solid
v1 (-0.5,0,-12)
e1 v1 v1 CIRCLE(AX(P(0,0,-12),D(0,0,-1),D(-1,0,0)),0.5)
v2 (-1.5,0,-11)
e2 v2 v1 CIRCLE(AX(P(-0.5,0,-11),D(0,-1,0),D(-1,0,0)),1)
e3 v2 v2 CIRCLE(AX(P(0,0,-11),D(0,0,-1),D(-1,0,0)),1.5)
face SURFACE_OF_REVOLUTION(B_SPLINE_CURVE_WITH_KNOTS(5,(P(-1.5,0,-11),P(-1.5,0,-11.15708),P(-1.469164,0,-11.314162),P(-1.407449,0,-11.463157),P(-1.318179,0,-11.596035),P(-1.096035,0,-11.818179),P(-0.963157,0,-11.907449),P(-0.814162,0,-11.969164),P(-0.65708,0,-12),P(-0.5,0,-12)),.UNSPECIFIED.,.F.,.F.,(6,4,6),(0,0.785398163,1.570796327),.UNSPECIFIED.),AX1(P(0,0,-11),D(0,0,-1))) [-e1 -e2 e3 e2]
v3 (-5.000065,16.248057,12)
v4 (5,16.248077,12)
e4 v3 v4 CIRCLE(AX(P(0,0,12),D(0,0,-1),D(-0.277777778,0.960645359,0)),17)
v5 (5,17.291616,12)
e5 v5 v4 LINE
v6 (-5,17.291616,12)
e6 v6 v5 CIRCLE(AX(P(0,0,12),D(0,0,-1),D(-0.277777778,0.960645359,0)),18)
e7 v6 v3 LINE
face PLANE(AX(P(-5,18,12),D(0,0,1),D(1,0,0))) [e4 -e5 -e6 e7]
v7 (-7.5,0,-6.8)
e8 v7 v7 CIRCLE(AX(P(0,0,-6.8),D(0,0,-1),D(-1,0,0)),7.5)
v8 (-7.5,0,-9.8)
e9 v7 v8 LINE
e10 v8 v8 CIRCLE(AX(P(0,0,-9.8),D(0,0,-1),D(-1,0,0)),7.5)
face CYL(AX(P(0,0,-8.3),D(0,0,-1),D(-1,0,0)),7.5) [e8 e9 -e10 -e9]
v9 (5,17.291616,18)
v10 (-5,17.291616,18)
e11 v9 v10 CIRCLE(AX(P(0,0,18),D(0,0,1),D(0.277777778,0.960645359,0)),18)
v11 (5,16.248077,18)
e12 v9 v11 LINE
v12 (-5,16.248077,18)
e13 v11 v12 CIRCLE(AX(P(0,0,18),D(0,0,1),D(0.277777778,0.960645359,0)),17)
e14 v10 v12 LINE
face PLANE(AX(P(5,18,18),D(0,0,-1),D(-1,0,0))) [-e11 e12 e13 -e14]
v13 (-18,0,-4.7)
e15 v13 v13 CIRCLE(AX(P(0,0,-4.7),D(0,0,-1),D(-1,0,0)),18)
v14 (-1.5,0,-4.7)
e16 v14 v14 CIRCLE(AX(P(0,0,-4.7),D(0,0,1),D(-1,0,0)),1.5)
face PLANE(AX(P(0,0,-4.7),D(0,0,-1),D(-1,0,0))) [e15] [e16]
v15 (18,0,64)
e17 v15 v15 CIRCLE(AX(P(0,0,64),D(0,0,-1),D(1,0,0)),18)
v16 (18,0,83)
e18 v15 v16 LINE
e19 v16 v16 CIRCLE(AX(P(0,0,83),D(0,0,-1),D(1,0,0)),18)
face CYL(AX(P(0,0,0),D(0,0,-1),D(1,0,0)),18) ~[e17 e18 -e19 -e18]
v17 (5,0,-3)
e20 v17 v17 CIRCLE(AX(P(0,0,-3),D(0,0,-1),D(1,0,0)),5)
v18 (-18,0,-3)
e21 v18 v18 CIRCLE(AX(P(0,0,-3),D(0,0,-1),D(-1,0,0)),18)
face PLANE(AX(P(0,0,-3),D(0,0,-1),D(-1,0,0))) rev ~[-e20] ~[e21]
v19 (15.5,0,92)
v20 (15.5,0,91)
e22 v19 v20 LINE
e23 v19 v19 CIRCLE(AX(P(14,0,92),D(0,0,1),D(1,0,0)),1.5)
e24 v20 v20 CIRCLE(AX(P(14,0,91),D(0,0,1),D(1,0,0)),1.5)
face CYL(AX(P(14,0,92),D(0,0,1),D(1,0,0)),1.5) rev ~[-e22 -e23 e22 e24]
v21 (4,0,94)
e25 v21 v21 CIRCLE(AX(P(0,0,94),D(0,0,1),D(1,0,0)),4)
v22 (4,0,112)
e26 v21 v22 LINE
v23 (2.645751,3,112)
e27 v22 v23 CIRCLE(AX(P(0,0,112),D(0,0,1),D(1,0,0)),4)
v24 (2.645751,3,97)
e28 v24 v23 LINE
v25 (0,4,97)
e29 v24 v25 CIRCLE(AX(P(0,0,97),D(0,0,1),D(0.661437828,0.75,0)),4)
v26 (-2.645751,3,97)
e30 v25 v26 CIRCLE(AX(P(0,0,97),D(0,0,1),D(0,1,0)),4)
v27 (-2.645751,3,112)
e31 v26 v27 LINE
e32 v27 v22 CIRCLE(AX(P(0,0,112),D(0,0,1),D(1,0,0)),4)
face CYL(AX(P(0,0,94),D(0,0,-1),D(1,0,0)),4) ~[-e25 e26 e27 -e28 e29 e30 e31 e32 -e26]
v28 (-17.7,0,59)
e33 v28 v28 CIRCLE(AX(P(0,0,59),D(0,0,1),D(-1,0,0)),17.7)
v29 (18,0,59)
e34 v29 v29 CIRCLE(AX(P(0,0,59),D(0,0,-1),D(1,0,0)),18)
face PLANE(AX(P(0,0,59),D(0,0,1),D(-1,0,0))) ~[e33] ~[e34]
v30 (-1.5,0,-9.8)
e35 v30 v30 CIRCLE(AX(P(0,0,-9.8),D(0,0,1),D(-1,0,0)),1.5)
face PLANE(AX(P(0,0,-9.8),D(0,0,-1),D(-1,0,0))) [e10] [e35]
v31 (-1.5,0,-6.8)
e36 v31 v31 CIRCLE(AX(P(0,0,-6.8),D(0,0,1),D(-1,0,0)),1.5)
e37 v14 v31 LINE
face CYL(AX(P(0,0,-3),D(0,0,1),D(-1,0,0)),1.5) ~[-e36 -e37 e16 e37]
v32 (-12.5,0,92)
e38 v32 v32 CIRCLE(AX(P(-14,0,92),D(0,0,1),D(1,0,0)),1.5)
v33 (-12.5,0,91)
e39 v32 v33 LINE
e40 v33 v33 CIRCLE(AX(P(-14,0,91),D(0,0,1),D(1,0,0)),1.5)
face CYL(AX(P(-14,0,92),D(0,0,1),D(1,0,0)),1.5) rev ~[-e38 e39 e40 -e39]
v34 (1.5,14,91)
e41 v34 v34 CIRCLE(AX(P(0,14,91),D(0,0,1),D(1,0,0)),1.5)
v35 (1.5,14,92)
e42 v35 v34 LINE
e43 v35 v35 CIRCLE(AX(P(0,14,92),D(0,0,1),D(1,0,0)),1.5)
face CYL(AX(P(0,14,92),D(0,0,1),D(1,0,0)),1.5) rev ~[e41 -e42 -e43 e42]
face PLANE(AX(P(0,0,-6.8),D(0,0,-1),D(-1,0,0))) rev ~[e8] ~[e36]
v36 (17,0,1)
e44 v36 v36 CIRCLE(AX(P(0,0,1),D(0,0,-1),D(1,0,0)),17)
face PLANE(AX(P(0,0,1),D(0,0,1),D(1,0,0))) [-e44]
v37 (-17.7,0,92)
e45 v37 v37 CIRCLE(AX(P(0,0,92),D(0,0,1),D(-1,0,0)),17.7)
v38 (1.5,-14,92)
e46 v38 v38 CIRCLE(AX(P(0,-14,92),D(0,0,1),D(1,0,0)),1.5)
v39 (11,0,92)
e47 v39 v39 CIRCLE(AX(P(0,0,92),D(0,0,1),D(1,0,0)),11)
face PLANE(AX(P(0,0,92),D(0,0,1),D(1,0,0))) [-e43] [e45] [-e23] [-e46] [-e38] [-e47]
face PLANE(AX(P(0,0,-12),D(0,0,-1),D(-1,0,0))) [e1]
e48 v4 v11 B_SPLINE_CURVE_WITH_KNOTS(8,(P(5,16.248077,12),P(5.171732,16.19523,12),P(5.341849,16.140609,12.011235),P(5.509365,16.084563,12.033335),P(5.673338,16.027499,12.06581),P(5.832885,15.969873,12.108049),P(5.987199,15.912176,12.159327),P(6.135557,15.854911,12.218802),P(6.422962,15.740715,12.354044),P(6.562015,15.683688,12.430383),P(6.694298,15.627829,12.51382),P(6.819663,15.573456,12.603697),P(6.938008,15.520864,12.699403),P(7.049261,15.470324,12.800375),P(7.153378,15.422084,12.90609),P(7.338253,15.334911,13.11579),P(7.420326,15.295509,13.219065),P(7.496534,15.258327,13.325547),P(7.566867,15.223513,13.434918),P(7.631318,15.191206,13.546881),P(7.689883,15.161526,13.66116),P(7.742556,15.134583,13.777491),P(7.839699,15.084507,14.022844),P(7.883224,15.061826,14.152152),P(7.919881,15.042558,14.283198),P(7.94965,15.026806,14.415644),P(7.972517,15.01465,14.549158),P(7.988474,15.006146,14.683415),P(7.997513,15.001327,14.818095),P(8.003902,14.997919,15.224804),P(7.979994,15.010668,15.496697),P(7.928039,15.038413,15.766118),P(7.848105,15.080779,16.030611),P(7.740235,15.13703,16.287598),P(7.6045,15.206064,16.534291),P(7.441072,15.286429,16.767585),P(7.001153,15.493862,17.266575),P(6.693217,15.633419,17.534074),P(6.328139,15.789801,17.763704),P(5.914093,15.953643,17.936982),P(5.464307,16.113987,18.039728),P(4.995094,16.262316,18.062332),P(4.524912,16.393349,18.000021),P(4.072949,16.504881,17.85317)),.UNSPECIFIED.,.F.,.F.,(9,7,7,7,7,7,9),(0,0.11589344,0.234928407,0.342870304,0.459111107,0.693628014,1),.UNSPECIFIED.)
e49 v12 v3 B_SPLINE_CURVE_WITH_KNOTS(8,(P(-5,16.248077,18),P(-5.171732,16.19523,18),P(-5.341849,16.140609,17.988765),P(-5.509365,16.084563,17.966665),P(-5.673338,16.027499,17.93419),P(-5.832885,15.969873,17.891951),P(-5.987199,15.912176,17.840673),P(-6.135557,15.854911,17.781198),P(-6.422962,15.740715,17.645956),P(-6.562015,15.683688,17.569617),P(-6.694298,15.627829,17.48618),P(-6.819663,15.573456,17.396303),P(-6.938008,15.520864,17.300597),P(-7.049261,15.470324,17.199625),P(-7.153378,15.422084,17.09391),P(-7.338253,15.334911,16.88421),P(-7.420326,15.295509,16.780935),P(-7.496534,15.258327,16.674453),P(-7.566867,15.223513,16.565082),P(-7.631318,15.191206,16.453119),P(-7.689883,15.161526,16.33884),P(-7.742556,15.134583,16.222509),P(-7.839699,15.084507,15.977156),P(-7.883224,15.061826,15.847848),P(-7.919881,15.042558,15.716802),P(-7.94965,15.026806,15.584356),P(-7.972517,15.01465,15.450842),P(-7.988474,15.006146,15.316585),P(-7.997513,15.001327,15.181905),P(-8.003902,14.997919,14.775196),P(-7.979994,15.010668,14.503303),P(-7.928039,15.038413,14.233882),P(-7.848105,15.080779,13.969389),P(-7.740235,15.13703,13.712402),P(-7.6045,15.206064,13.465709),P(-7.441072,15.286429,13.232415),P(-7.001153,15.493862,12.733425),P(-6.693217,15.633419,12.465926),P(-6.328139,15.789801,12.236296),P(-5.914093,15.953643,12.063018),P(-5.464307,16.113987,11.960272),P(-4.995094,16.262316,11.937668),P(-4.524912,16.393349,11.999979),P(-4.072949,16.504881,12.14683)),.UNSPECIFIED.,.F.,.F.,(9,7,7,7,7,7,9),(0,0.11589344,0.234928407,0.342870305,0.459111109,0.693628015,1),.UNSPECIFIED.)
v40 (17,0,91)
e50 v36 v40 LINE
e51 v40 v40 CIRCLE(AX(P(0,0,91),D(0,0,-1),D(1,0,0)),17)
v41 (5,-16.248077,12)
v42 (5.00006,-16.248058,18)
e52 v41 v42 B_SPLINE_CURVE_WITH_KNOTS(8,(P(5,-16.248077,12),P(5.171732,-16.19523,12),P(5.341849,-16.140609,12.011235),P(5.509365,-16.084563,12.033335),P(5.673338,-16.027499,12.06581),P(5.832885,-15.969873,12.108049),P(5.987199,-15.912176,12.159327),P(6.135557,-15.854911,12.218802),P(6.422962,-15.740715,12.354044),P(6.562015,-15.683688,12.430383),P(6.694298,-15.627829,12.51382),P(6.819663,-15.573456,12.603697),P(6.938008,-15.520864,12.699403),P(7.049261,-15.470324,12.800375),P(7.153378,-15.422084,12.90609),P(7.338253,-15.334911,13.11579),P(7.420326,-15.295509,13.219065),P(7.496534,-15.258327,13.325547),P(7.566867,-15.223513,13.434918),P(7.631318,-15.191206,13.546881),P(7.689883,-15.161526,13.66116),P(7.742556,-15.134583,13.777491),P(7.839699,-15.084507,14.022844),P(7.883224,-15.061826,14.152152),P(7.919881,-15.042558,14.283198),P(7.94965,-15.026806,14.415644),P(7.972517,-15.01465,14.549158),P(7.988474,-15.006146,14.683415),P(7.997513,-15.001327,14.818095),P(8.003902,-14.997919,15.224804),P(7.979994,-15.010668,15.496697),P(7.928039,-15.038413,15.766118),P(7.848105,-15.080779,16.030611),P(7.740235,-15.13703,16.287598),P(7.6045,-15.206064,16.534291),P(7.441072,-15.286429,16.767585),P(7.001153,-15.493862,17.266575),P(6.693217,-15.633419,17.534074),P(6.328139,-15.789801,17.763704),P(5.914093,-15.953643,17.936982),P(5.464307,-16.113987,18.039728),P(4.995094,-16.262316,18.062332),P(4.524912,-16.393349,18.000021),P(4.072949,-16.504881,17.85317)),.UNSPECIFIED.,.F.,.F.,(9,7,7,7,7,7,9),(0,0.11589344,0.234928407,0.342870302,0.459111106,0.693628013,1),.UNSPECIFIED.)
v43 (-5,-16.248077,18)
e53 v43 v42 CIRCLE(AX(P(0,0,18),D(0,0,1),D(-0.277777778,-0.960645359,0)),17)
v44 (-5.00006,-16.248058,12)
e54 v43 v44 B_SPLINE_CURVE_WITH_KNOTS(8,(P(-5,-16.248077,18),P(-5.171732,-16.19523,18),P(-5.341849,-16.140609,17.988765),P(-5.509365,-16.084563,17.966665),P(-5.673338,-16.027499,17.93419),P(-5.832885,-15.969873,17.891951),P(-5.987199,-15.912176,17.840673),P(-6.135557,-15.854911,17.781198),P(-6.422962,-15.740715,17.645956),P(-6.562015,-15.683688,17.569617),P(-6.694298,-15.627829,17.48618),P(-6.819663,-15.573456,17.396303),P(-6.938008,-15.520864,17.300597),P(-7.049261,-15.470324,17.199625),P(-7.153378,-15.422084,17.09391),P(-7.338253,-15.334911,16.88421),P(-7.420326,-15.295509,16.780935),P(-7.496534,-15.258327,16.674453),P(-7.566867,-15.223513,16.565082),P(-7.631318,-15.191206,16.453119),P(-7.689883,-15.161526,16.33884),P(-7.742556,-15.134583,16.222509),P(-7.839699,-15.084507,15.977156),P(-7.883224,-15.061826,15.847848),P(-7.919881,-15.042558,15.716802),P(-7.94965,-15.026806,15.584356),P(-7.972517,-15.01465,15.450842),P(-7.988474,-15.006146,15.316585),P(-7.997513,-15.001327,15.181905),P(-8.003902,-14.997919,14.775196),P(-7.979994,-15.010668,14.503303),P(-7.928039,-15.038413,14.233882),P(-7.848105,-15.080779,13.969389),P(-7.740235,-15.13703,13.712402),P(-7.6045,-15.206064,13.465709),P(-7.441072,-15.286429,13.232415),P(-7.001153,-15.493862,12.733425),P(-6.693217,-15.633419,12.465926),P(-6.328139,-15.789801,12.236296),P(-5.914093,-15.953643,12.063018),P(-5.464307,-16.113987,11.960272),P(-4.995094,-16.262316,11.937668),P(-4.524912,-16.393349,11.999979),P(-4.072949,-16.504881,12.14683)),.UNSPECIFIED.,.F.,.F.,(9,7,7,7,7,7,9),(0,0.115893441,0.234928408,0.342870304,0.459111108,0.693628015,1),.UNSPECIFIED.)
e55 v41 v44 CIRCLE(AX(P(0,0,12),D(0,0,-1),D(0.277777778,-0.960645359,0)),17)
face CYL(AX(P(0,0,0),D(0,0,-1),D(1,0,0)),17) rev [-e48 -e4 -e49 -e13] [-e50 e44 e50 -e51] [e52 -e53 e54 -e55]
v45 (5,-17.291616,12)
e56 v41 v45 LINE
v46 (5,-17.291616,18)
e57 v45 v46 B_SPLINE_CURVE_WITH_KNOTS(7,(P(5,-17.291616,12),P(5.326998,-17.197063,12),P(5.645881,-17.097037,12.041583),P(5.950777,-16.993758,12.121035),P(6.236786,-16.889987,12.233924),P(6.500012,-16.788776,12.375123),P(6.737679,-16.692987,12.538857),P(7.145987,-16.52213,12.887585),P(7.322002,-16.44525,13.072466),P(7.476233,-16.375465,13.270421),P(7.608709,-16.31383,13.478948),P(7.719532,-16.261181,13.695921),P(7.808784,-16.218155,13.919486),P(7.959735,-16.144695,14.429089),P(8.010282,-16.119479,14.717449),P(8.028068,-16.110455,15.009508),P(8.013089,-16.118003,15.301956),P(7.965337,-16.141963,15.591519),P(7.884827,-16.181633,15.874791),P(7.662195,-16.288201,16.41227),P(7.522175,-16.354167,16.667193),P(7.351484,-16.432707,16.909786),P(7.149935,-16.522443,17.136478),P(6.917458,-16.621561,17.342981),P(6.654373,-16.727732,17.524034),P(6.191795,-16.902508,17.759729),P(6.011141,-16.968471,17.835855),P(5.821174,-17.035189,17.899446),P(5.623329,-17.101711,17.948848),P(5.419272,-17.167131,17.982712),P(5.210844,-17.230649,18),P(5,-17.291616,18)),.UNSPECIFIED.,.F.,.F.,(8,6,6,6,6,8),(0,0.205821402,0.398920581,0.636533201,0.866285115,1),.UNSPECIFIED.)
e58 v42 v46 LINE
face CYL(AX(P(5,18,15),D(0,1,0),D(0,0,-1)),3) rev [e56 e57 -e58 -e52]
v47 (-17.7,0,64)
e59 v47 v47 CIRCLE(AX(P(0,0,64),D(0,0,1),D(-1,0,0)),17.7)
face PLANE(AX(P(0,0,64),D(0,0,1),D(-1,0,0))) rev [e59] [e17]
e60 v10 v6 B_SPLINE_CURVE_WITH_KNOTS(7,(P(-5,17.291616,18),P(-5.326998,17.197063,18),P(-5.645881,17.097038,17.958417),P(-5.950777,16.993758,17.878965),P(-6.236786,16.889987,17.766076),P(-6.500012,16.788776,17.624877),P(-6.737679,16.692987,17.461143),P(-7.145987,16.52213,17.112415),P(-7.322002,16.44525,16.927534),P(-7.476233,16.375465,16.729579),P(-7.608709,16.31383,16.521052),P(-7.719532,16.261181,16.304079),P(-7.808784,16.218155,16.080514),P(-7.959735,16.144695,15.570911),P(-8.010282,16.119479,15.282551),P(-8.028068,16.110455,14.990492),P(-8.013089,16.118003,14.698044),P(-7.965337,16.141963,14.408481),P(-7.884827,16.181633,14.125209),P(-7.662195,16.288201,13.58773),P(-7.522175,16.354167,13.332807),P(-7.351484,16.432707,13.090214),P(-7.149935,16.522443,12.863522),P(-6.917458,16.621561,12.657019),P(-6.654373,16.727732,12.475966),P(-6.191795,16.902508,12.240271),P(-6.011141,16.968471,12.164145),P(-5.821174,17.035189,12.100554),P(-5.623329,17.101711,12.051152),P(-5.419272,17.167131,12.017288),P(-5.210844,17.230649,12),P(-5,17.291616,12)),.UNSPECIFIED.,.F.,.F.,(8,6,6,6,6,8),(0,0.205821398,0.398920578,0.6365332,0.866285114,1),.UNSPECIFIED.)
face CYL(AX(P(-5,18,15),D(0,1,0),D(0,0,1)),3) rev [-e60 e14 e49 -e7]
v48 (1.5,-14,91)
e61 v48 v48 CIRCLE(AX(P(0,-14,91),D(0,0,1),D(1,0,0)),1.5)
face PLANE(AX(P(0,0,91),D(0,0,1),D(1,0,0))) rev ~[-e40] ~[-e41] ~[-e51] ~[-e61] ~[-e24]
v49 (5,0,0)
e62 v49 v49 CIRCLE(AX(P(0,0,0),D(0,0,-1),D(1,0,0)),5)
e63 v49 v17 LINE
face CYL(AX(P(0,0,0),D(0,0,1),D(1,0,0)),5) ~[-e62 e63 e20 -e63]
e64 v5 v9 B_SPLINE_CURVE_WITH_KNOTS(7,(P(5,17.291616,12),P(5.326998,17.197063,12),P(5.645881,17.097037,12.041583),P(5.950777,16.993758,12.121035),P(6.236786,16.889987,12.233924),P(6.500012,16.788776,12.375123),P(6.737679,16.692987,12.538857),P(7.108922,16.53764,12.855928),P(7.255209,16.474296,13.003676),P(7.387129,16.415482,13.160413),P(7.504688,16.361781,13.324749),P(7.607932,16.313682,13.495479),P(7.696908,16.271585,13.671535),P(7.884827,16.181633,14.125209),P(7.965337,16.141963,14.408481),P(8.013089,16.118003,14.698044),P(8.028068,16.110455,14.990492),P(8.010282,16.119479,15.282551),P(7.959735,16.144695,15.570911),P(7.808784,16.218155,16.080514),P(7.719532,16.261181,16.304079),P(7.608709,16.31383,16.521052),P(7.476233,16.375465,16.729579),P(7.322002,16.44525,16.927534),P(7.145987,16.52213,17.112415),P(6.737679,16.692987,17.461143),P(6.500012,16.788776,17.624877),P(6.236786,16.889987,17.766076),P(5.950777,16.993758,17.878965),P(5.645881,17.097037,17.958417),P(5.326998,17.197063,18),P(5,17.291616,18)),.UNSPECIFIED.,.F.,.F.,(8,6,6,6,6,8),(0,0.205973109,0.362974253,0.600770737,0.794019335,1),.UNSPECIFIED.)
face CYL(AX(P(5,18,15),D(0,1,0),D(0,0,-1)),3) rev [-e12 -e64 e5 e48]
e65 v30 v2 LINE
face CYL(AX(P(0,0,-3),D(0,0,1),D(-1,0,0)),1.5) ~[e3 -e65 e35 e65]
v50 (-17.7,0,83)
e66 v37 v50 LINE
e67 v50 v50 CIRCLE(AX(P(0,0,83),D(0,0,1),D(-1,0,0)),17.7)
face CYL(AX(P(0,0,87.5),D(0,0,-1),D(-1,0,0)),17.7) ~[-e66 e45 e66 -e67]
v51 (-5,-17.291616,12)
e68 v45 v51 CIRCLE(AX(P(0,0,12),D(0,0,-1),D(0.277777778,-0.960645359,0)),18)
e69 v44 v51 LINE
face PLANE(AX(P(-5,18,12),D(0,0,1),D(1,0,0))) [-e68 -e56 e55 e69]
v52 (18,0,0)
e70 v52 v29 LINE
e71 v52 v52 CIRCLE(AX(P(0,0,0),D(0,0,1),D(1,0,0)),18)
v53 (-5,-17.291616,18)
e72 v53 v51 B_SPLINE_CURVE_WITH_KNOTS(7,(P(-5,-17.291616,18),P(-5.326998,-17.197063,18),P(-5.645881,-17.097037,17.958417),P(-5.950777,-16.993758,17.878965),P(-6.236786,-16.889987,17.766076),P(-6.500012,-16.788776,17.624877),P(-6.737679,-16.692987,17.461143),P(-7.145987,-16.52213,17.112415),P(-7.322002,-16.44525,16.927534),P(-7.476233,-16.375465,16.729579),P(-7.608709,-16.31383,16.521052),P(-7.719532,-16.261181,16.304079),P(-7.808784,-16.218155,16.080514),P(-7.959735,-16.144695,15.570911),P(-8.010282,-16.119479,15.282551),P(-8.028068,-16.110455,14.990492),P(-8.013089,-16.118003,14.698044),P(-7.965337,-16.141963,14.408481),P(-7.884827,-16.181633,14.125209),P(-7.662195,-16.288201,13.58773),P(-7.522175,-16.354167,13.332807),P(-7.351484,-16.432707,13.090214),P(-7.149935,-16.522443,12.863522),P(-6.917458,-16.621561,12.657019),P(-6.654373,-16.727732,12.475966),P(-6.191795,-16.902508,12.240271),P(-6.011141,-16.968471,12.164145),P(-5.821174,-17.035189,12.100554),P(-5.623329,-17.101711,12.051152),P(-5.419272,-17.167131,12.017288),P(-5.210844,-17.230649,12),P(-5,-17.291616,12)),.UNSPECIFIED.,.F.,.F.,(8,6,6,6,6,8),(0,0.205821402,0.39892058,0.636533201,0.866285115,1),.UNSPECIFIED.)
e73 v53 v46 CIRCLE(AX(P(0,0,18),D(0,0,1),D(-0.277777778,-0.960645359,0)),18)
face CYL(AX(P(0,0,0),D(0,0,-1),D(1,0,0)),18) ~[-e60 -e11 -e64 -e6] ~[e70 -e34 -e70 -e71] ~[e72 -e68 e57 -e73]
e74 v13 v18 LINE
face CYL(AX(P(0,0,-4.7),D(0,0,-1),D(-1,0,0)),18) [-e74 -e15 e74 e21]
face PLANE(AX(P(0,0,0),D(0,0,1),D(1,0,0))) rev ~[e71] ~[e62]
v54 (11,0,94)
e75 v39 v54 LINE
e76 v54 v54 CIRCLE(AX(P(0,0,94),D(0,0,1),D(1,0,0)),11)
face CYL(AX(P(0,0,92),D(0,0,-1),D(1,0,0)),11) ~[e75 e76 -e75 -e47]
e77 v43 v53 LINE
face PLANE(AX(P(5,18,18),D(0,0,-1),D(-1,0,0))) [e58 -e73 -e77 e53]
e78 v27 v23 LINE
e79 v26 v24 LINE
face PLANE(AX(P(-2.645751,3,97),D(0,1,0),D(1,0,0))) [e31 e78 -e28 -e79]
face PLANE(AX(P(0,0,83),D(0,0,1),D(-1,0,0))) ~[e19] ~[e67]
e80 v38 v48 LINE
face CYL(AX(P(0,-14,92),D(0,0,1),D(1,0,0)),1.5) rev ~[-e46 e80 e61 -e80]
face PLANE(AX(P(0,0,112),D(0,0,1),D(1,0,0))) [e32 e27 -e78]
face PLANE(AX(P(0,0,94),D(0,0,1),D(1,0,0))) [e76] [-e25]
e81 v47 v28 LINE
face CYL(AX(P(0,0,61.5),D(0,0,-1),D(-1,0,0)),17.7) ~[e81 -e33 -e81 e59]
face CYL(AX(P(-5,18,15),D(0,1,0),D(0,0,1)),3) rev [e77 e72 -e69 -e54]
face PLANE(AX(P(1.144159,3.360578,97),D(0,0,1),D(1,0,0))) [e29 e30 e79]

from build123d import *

# Parameters (mm, degrees)
SKETCH_1_R          = 18
EXTRUDE_1_DEPTH     = 92
CUT_EXTRUDE_2_DEPTH = 36
SHELL_8_T           = -1
SKETCH_2_R          = 11
EXTRUDE_2_DEPTH     = 2
SKETCH_3_R          = 4
EXTRUDE_3_DEPTH     = 18
CUT_EXTRUDE_START   = -15
CUT_EXTRUDE_1_DEPTH = 15
SKETCH_5_R          = 5
EXTRUDE_4_DEPTH     = 3
SKETCH_6_R          = 1.5
EXTRUDE_5_DEPTH     = 9
FILLET_1_R          = 1
SKETCH_8_R          = 1.5
CUT_EXTRUDE_3_DEPTH = 5
SKETCH_9_W          = 0.3
SKETCH_9_H          = 9
SKETCH_9_H_2        = 5
EXTRUDE_START       = 1.7
SKETCH_10_R         = 18
EXTRUDE_6_DEPTH     = 1.7
SKETCH_12_R         = 7.5
EXTRUDE_7_DEPTH     = 1.5


with BuildPart() as part:
    # 草图1 → 凸台-拉伸1 (new body)
    with BuildSketch(Plane.XY):
        Circle(SKETCH_1_R)
    extrude(amount=EXTRUDE_1_DEPTH)

    # 草图7 → 切除-拉伸2 (cut)
    with BuildSketch(Plane(origin=(0, 18, 0), x_dir=(1, 0, 0), z_dir=(0, 1, 0))):
        with BuildLine():
            Line((5, -18), (-5, -18))
            ThreePointArc((-5, -18), (-8, -15), (-5, -12))
            Line((-5, -12), (5, -12))
            ThreePointArc((5, -12), (8, -15), (5, -18))
        make_face()
    extrude(amount=-CUT_EXTRUDE_2_DEPTH, mode=Mode.SUBTRACT)

    # 抽壳8
    shell_8_openings = [part.faces().sort_by_distance(p)[0] for p in [
        (8, 0, 15),
        (0, 0, 18),
        (-8, 0, 15),
        (0, 0, 12),
    ]]
    offset(amount=SHELL_8_T, openings=shell_8_openings)

    # 草图2 → 凸台-拉伸2 (add)
    with BuildSketch(Plane.XY.offset(92)):
        Circle(SKETCH_2_R)
    extrude(amount=EXTRUDE_2_DEPTH)

    # 草图3 → 凸台-拉伸3 (add)
    with BuildSketch(Plane.XY.offset(94)):
        Circle(SKETCH_3_R)
    extrude(amount=EXTRUDE_3_DEPTH)

    # 草图4 → 切除-拉伸1 (cut)
    with BuildSketch(Plane.XY.offset(112).offset(CUT_EXTRUDE_START)):
        with BuildLine():
            ThreePointArc((2.645751311, 3), (1.414213562, 3.741657387), (0, 4))
            Line((0, 4), (0, 3))
            Line((0, 3), (2.645751311, 3))
        make_face()
        with BuildLine():
            Line((0, 3), (0, 4))
            ThreePointArc((0, 4), (-1.414213562, 3.741657387), (-2.645751311, 3))
            Line((-2.645751311, 3), (0, 3))
        make_face()
    extrude(amount=CUT_EXTRUDE_1_DEPTH, mode=Mode.SUBTRACT)

    # 草图5 → 凸台-拉伸4 (add)
    with BuildSketch(Plane(origin=(0, 0, 0), x_dir=(-1, 0, 0), z_dir=(0, 0, -1))):
        with Locations(Location((0, 0, 0), (0, 0, 180))):
            Circle(SKETCH_5_R)
    extrude(amount=EXTRUDE_4_DEPTH)

    # 草图6 → 凸台-拉伸5 (add)
    with BuildSketch(Plane(origin=(0, 0, -3), x_dir=(-1, 0, 0), z_dir=(0, 0, -1))):
        Circle(SKETCH_6_R)
    extrude(amount=EXTRUDE_5_DEPTH)

    # 圆角1
    fillet_1_edges = [part.edges().sort_by_distance(p)[0] for p in [
        (1.5, 0, -12),
    ]]
    fillet(fillet_1_edges, radius=FILLET_1_R)

    # 草图8 → 切除-拉伸3 (cut)
    with BuildSketch(Plane.XY.offset(92)):
        with Locations((14, 0)):
            Circle(SKETCH_8_R)
        with Locations((0, -14)):
            Circle(SKETCH_8_R)
        with Locations((-14, 0)):
            Circle(SKETCH_8_R)
        with Locations((0, 14)):
            Circle(SKETCH_8_R)
    extrude(amount=-CUT_EXTRUDE_3_DEPTH, mode=Mode.SUBTRACT)

    # 草图9 → 切除-旋转1 (revolve, cut)
    with BuildSketch(Plane(origin=(0, 0, 0), x_dir=(1, 0, 0), z_dir=(0, 1, 0)), mode=Mode.PRIVATE) as cut_revolve_1_sk:
        with Locations((17.85, -87.5)):
            Rectangle(SKETCH_9_W, SKETCH_9_H)
        with Locations((17.85, -61.5)):
            Rectangle(SKETCH_9_W, SKETCH_9_H_2)
    revolve(cut_revolve_1_sk.sketch.rotate(Axis((0, 0, 0), (0, 0, 1)), 180), axis=Axis((0, 0, 0), (0, 0, 1)), mode=Mode.SUBTRACT)

    # 草图10 → 凸台-拉伸6 (add)
    with BuildSketch(Plane(origin=(0, 0, -3), x_dir=(-1, 0, 0), z_dir=(0, 0, -1)).offset(EXTRUDE_START)):
        Circle(SKETCH_10_R)
    extrude(amount=-EXTRUDE_6_DEPTH)

    # 草图12 → 凸台-拉伸7 (add, symmetric)
    with BuildSketch(Plane(origin=(0, 0, -8.3), x_dir=(-1, 0, 0), z_dir=(0, 0, -1))):
        Circle(SKETCH_12_R)
    extrude(amount=EXTRUDE_7_DEPTH, both=True)


solid = part.part
